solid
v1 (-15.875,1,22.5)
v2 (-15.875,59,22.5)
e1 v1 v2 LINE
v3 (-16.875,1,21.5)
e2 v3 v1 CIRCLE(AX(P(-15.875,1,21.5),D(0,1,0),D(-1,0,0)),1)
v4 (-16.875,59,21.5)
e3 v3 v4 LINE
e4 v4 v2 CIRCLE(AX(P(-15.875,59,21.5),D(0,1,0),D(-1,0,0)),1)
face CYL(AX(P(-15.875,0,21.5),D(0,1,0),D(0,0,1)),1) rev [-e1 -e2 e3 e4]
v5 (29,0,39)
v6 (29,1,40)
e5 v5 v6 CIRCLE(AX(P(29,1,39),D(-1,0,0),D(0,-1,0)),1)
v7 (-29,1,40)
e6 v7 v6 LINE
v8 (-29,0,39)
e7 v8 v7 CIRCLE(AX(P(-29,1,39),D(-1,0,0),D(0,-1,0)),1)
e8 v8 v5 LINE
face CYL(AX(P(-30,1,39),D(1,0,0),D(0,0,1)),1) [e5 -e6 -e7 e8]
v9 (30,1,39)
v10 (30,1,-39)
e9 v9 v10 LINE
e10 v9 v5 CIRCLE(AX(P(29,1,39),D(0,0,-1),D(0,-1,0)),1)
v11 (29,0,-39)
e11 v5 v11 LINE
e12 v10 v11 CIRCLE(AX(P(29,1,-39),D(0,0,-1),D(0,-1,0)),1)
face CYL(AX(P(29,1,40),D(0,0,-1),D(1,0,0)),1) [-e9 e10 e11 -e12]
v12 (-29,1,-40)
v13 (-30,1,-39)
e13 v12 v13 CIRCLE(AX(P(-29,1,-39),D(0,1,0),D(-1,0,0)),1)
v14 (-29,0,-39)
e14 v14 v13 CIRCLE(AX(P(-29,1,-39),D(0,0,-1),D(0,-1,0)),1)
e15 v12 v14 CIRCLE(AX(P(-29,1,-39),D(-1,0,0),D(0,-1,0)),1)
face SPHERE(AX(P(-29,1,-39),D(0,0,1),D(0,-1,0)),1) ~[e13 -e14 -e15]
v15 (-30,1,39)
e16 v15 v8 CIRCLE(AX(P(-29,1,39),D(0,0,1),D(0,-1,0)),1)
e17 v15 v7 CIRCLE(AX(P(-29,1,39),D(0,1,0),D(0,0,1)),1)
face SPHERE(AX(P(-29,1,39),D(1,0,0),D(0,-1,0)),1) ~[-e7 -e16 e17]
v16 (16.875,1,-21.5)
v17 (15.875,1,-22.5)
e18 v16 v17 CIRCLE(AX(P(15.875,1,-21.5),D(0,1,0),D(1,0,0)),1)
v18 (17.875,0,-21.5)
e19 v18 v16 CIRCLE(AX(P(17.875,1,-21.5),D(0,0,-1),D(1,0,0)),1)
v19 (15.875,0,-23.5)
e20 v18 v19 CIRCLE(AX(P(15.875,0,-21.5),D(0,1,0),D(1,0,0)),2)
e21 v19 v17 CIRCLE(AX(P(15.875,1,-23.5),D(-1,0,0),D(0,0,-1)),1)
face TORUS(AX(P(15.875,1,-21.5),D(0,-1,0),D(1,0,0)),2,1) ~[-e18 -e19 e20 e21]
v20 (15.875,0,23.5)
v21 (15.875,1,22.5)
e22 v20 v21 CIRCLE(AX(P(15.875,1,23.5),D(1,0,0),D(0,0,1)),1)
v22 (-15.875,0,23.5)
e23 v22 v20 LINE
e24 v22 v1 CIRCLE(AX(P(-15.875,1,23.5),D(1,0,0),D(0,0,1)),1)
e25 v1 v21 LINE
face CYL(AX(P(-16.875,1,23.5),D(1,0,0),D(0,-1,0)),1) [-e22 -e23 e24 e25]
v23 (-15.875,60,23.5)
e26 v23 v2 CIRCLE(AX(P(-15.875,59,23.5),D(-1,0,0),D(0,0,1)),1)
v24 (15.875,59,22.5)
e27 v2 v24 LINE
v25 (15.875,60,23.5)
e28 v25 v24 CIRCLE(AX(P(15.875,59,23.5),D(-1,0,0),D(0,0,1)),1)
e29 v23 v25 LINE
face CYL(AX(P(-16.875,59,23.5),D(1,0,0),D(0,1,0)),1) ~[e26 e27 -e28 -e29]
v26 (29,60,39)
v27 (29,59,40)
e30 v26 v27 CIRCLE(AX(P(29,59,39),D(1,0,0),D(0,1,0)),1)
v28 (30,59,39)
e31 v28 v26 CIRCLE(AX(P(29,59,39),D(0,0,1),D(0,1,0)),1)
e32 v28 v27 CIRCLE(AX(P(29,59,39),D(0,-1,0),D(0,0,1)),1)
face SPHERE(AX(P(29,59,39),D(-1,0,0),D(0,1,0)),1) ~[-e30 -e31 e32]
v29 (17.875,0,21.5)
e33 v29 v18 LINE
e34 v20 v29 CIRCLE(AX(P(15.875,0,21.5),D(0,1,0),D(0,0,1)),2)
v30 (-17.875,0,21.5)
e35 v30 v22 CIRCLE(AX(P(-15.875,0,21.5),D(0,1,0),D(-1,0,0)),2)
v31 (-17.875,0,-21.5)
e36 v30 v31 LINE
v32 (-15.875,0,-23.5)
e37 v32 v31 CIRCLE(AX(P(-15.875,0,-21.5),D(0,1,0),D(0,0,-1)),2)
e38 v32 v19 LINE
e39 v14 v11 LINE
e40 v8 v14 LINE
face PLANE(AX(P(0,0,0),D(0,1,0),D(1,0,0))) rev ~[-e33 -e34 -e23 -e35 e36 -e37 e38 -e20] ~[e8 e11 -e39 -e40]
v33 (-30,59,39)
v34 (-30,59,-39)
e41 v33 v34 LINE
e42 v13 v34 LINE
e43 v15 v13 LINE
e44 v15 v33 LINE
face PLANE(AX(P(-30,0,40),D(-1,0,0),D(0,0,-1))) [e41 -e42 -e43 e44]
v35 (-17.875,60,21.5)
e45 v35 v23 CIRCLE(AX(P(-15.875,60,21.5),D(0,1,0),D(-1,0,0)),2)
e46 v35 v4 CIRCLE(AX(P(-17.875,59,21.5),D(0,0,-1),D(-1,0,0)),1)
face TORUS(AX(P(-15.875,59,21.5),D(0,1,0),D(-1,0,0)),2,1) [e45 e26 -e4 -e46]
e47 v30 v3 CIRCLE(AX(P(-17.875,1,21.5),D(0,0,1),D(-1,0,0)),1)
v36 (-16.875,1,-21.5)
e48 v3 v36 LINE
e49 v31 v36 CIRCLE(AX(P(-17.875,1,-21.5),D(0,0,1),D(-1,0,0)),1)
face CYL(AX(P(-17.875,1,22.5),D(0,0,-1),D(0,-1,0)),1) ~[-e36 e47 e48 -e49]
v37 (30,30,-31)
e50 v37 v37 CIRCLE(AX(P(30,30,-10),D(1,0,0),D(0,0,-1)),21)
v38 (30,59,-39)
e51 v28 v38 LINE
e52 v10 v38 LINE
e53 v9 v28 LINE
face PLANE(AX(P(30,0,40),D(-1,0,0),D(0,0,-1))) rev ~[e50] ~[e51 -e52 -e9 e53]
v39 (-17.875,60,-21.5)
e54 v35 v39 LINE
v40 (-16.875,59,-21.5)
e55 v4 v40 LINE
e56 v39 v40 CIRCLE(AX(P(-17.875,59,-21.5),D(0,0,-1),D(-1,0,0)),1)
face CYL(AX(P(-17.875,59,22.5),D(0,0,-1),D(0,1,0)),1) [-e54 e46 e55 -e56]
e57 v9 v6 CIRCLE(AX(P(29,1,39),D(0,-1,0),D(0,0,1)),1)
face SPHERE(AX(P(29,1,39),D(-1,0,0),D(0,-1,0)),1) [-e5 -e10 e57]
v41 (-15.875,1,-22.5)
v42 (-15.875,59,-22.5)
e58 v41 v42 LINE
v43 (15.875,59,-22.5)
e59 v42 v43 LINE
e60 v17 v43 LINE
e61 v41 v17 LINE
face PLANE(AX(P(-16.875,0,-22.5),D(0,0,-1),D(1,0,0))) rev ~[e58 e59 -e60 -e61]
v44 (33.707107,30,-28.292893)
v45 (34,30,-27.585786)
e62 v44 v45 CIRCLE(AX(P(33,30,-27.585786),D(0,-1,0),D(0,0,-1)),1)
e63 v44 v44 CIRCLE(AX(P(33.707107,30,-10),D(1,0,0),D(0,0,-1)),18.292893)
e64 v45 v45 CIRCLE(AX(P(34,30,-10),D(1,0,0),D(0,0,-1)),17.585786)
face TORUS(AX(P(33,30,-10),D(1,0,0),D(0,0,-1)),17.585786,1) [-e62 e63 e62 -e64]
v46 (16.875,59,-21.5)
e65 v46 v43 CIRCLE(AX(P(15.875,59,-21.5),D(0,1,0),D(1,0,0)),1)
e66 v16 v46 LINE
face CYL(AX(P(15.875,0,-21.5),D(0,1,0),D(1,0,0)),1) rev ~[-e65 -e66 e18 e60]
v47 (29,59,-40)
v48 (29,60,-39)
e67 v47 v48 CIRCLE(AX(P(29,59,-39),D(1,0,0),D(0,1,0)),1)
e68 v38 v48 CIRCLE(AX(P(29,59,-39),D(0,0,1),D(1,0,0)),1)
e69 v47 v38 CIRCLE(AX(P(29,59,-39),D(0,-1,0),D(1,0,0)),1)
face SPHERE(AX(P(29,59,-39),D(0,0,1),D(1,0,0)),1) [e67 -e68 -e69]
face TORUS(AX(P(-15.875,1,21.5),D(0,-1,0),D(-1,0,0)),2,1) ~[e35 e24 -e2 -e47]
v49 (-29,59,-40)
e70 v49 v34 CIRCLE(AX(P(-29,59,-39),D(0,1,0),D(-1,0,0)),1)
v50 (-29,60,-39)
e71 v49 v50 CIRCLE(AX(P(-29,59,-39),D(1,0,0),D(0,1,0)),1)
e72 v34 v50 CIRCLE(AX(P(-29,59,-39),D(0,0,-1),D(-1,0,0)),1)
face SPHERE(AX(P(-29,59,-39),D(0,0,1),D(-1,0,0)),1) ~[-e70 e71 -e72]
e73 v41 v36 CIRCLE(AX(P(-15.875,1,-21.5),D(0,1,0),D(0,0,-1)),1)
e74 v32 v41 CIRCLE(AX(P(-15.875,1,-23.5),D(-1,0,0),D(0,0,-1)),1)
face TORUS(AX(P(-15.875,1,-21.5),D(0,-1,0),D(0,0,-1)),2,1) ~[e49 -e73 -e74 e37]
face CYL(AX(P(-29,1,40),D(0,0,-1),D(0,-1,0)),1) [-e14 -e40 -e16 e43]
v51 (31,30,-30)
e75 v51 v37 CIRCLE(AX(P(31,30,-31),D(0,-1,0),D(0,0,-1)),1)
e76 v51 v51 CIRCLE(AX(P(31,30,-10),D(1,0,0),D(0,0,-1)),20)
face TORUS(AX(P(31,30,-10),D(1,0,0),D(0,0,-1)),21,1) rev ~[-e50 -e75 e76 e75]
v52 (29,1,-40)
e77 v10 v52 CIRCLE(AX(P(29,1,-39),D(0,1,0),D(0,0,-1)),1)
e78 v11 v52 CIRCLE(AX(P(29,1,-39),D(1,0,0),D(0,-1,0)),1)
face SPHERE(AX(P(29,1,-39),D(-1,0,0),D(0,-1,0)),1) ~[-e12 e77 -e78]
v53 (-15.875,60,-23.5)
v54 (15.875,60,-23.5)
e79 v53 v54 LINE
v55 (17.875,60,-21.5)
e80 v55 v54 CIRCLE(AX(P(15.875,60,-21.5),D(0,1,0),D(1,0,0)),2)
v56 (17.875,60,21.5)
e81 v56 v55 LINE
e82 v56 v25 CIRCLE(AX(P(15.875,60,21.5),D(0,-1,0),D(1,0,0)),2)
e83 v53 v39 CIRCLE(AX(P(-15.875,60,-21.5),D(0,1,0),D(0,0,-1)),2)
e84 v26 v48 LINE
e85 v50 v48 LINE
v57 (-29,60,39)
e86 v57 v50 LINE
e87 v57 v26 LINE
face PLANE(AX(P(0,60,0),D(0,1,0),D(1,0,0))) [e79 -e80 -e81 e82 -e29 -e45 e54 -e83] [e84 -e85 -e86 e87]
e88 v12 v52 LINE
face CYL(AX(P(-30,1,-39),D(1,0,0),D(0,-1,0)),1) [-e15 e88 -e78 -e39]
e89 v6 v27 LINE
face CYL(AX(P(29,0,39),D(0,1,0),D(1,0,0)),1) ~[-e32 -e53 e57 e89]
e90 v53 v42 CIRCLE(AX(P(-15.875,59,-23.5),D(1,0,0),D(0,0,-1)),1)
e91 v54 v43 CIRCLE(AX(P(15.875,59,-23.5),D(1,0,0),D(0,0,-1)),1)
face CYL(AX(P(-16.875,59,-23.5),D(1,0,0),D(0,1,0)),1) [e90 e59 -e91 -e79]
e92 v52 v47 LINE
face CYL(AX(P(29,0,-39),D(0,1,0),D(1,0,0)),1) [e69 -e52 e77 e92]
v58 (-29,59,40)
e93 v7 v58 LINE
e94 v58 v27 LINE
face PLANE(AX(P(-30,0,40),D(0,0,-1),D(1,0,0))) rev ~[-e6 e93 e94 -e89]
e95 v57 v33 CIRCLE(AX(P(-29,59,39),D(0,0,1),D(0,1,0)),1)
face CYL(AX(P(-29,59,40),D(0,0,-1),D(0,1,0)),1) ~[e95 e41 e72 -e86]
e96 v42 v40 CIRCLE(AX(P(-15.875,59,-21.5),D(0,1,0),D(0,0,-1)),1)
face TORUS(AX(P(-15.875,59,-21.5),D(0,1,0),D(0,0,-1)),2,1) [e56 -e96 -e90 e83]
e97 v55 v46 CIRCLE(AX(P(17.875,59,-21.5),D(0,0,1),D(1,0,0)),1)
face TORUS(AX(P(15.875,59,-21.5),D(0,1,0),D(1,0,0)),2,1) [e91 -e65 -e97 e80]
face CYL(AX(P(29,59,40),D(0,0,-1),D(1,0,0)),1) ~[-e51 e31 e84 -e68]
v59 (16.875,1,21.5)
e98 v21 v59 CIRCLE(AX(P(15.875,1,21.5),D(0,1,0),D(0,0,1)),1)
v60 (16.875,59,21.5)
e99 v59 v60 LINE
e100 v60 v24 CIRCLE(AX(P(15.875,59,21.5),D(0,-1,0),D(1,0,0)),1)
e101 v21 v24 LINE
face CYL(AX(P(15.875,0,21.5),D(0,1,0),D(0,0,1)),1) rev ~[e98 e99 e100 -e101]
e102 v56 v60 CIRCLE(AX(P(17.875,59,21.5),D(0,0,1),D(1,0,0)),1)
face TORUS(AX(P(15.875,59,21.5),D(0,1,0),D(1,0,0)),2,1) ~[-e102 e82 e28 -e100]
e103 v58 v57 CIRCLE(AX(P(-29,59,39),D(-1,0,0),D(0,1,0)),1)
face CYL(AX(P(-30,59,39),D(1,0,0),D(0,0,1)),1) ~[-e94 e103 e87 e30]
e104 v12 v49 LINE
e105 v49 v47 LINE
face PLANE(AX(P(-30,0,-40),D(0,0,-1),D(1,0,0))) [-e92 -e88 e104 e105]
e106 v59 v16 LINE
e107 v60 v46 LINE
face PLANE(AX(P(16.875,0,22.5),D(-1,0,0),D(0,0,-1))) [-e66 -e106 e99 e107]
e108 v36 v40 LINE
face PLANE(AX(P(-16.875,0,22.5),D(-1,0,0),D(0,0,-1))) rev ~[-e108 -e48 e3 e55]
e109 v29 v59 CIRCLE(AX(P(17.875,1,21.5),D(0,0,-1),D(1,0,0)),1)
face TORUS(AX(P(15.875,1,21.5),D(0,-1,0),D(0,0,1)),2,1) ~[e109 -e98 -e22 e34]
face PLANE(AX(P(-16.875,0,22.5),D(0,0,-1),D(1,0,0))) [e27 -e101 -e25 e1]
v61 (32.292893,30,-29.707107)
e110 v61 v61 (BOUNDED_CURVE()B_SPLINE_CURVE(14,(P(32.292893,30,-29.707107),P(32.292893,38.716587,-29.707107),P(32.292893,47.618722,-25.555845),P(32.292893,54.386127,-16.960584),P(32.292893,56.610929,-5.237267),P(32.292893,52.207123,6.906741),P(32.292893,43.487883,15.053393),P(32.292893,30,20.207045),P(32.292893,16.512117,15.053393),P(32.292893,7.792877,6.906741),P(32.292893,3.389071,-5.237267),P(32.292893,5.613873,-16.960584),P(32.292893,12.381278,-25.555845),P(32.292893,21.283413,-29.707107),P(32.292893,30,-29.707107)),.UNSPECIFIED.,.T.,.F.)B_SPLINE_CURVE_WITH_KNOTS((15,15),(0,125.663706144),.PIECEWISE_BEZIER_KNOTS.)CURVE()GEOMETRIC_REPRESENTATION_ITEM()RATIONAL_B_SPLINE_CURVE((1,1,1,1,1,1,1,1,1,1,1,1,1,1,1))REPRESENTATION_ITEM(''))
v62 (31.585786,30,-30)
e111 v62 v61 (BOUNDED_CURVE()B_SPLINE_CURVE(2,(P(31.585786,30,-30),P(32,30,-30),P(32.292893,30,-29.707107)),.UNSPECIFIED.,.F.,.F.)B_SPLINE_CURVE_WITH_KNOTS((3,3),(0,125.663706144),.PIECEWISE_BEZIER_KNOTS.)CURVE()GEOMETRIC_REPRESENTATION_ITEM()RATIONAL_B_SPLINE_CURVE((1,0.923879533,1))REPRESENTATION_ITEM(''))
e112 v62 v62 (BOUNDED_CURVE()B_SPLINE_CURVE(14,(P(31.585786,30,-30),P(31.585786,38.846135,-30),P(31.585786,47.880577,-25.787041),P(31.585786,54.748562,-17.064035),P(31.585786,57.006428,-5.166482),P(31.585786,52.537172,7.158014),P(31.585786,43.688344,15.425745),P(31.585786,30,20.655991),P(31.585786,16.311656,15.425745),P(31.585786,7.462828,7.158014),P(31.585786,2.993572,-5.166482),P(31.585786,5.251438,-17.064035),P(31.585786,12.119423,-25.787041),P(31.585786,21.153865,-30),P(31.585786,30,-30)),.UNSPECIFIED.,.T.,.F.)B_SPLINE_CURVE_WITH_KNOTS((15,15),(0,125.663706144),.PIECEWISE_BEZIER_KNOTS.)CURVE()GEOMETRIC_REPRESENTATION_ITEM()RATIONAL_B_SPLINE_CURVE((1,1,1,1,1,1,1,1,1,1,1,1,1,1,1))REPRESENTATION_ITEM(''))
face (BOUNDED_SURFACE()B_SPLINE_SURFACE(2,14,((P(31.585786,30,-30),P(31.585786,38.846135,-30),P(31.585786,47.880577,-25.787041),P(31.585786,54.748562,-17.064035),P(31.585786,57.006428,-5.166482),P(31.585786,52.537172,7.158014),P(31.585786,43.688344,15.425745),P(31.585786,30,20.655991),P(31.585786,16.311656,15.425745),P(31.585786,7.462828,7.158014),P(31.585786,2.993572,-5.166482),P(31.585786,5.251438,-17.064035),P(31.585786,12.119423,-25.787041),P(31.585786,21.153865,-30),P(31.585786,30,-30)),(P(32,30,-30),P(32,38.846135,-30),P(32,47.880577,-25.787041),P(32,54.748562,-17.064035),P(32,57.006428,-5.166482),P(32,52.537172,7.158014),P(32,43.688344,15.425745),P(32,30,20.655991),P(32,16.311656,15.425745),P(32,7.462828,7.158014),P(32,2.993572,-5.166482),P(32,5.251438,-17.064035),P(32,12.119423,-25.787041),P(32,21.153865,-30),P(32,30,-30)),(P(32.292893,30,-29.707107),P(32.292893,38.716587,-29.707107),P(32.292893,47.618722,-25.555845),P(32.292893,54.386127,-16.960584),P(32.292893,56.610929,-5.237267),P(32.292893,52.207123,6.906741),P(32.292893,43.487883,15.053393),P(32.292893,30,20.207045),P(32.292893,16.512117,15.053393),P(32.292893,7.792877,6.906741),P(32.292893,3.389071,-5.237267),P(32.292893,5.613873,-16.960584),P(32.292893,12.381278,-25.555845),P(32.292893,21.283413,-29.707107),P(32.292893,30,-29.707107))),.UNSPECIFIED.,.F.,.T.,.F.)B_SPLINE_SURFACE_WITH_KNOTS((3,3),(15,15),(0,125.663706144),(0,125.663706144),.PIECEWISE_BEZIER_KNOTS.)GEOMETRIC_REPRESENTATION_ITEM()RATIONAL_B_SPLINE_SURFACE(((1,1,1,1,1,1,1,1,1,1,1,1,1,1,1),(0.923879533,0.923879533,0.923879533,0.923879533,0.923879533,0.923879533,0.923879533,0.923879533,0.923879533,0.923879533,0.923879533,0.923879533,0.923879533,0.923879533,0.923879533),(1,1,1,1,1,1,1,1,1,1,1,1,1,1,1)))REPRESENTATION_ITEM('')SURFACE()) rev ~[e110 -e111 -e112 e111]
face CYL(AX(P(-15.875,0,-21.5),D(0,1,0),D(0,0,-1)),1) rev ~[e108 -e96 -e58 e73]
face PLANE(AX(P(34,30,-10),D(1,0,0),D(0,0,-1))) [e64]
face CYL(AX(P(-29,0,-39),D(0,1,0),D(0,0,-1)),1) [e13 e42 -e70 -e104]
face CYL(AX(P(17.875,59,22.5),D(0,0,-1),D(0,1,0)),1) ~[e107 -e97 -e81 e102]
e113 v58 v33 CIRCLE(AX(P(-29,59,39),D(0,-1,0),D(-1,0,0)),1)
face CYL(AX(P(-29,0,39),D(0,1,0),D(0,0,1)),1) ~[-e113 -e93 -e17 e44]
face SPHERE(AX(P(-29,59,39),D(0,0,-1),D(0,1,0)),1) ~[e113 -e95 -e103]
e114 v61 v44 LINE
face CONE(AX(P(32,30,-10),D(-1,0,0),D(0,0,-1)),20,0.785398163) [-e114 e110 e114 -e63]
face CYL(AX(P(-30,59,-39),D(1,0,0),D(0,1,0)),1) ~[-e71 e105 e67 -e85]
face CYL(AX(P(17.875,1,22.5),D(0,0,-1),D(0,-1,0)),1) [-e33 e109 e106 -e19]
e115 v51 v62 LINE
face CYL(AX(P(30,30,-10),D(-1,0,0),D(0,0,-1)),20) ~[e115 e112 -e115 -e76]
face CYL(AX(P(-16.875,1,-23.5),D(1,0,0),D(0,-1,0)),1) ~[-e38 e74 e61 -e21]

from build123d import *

# Parameters (mm, degrees)
SKETCH1_W           = 60
SKETCH1_H           = 80
SKETCH1_W_2         = 33.75
SKETCH1_H_2         = 45
BOSS_EXTRUDE1_DEPTH = 60
SKETCH2_R           = 20
BOSS_EXTRUDE2_DEPTH = 4
CHAMFER1_SIZE       = 2
FILLET1_R           = 1


with BuildPart() as part:
    # Sketch1 → Boss-Extrude1 (new body)
    with BuildSketch(Plane(origin=(0, 0, 0), x_dir=(1, 0, 0), z_dir=(0, 1, 0))):
        Rectangle(SKETCH1_W, SKETCH1_H)
        Rectangle(SKETCH1_W_2, SKETCH1_H_2, mode=Mode.SUBTRACT)
    extrude(amount=BOSS_EXTRUDE1_DEPTH)

    # Sketch2 → Boss-Extrude2 (add)
    with BuildSketch(Plane(origin=(30, 0, 0), x_dir=(0, 0, -1), z_dir=(1, 0, 0))):
        with Locations((10, 30)):
            Circle(SKETCH2_R)
    extrude(amount=BOSS_EXTRUDE2_DEPTH)

    # Chamfer1
    chamfer1_edges = [part.edges().sort_by_distance(p)[0] for p in [
        (34, 30, 10),
    ]]
    chamfer(chamfer1_edges, length=CHAMFER1_SIZE)

    # Fillet1
    fillet1_edges = [part.edges().sort_by_distance(p)[0] for p in [
        (-30, 60, 0),
        (16.875, 0, 0),
        (16.875, 30, 22.5),
        (0, 0, -22.5),
        (16.875, 30, -22.5),
        (-16.875, 0, 0),
        (-16.875, 30, -22.5),
        (0, 0, 22.5),
        (-16.875, 30, 22.5),
        (16.875, 60, 0),
        (0, 60, 40),
        (0, 60, -22.5),
        (-16.875, 60, 0),
        (0, 60, 22.5),
        (30, 30, 10),
        (34, 30, 8),
        (32, 30, 10),
        (30, 60, 0),
        (0, 0, 40),
        (-30, 0, 0),
        (0, 0, -40),
        (30, 0, 0),
        (30, 30, 40),
        (-30, 30, 40),
        (-30, 30, -40),
        (30, 30, -40),
        (0, 60, -40),
    ]]
    fillet(fillet1_edges, radius=FILLET1_R)


solid = part.part
